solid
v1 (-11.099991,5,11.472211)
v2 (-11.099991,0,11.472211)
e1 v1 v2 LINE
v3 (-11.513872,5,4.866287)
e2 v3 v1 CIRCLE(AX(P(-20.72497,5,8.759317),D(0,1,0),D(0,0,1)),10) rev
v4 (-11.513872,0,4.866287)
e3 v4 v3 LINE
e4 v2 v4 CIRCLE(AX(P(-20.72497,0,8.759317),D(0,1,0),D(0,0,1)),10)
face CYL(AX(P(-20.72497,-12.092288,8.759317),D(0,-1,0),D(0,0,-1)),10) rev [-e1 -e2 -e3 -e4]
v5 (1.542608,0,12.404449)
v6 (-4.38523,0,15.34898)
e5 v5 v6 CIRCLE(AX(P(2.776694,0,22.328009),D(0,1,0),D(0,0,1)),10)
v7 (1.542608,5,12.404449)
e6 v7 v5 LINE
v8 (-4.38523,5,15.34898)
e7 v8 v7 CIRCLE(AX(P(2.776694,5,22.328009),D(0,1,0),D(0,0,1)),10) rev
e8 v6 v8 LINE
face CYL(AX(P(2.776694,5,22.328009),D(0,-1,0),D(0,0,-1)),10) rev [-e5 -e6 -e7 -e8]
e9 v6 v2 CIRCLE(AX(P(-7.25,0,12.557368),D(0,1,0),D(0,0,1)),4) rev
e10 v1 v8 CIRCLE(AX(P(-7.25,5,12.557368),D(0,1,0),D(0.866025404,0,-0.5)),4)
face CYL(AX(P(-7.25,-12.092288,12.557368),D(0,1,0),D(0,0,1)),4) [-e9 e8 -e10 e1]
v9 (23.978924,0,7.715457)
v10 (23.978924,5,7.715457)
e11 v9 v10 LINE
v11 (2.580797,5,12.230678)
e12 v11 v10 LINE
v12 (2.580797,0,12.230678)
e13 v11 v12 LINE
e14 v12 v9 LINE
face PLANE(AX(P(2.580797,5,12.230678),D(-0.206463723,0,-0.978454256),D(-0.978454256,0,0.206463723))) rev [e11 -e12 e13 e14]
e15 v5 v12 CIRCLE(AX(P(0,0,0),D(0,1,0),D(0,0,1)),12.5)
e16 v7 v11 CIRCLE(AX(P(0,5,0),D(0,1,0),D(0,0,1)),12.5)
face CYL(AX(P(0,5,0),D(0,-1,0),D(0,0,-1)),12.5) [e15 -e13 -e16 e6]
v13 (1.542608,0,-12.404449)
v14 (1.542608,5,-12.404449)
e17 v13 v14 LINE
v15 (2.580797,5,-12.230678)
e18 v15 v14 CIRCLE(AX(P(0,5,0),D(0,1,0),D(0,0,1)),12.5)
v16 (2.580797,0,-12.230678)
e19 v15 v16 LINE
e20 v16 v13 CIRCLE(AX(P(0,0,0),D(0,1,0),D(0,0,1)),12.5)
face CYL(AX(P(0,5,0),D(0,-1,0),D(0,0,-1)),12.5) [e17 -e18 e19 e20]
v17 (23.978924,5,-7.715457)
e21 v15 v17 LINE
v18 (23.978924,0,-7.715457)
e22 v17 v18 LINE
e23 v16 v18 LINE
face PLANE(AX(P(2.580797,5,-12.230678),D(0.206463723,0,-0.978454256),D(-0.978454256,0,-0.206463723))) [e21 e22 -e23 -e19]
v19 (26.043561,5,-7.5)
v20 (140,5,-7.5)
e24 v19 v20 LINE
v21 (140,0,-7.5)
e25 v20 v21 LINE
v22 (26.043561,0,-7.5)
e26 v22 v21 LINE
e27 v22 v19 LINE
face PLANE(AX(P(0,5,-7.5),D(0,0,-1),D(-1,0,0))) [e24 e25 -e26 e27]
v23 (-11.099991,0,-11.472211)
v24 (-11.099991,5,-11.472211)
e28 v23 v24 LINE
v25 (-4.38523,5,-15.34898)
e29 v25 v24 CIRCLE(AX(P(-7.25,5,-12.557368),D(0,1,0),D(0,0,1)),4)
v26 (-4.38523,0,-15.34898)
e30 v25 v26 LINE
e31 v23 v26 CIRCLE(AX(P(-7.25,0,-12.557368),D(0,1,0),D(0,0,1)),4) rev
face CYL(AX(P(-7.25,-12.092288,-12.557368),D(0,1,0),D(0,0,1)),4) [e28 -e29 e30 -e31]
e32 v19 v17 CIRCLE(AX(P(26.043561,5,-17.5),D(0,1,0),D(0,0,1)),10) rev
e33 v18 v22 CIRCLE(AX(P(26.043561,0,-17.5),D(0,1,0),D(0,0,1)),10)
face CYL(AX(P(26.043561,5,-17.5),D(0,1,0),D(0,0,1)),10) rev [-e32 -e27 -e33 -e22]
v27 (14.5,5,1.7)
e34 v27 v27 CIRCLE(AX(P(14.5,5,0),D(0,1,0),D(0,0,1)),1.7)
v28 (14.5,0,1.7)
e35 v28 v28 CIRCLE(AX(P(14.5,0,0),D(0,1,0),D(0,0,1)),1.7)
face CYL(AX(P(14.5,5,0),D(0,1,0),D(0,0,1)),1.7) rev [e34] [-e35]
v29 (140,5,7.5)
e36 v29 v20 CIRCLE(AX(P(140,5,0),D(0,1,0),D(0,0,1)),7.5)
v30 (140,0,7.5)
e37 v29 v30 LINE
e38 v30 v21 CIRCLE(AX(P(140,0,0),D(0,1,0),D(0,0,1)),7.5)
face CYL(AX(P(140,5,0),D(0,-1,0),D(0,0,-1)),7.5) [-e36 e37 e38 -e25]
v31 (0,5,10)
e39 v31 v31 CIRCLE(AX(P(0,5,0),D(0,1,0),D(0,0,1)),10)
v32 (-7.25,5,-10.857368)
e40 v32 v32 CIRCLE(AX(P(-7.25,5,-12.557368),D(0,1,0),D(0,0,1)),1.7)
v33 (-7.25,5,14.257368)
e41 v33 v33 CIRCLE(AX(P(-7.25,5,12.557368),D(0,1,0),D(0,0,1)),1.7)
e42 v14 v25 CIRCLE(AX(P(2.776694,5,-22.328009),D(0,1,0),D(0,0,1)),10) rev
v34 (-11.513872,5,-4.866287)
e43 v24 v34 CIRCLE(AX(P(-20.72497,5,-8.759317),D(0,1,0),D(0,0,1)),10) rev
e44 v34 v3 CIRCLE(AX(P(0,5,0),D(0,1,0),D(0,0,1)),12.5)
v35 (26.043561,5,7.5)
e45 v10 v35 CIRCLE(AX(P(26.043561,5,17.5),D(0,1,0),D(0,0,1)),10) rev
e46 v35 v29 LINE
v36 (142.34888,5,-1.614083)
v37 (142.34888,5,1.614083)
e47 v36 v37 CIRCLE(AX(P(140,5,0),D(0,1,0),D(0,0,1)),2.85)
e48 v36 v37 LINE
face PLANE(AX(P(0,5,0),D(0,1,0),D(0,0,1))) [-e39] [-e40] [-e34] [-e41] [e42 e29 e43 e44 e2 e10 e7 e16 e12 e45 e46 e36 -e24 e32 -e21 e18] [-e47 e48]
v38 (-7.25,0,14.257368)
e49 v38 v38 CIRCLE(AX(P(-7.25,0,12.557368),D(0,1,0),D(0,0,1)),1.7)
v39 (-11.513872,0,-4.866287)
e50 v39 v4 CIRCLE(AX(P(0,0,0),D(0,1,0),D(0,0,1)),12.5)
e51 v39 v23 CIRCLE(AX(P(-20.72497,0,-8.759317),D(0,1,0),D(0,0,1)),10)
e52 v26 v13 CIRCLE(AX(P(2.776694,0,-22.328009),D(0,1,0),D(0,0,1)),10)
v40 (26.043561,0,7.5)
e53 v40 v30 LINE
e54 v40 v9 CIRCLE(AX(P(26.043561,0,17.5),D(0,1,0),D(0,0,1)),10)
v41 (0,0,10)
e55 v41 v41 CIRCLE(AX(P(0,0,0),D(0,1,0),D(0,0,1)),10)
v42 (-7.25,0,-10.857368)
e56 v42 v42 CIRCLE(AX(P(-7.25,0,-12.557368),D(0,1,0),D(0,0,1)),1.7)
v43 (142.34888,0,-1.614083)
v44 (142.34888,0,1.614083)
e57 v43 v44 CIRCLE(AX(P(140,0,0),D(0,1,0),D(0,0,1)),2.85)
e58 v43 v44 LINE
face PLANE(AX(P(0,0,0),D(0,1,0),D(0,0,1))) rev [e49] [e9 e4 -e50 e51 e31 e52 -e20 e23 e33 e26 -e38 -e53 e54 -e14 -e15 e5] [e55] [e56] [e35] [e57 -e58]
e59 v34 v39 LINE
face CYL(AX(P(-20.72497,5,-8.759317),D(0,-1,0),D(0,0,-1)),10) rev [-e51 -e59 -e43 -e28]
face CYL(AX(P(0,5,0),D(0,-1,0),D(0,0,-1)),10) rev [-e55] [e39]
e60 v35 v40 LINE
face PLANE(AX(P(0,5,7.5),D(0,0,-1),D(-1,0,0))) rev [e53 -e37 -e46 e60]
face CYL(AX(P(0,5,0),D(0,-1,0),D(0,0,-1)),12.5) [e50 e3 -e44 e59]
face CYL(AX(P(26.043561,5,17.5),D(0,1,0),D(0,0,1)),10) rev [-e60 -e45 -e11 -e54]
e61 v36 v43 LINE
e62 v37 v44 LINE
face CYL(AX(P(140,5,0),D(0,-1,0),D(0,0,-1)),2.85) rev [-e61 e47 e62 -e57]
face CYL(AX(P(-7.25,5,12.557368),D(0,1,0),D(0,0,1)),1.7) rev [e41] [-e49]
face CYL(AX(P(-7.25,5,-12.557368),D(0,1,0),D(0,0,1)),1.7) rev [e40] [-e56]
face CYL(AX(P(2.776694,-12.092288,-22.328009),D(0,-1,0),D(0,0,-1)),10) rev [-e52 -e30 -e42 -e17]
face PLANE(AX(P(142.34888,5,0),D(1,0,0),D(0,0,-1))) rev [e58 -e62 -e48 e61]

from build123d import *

# Parameters (mm, degrees)
SKETCH1_R            = 10
BOSS_EXTRUDE1_DEPTH  = 5
BOSS_EXTRUDE3_DEPTH  = 5
M3_CLEARANCE_HOLE1_D = 3.4
CIRPATTERN1_COUNT    = 3
FILLET1_R            = 10


with BuildPart() as part:
    # Sketch1 → Boss-Extrude1 (new body)
    with BuildSketch(Plane(origin=(0, 0, 0), x_dir=(1, 0, 0), z_dir=(0, 1, 0))):
        with BuildLine():
            Line((25, 7.5), (2.58079654, 12.230678199))
            ThreePointArc((2.58079654, 12.230678199), (-12.5, 0), (2.58079654, -12.230678199))
            Line((2.58079654, -12.230678199), (25, -7.5))
            Line((25, -7.5), (140, -7.5))
            ThreePointArc((140, -7.5), (147.5, 0), (140, 7.5))
            Line((140, 7.5), (25, 7.5))
        make_face()
        with Locations(Location((0, 0, 0), (0, 0, 270))):
            Circle(SKETCH1_R, mode=Mode.SUBTRACT)
        with BuildLine():
            ThreePointArc((142.348879749, -1.614082998), (137.15, 0), (142.348879749, 1.614082998))
            Line((142.348879749, 1.614082998), (142.348879749, -1.614082998))
        make_face(mode=Mode.SUBTRACT)
    extrude(amount=BOSS_EXTRUDE1_DEPTH)

    # Sketch2 → Boss-Extrude3 (add)
    with BuildSketch(Plane(origin=(0, 5, 0), x_dir=(1, 0, 0), z_dir=(0, 1, 0))):
        with BuildLine():
            ThreePointArc((-6.25, 10.825317547), (-4.412013956, 11.695474888), (-2.457258026, 12.256095748))
            Line((-2.457258026, 12.256095748), (-3.785898385, 14.557368355))
            ThreePointArc((-3.785898385, 14.557368355), (-9.25, 16.02146997), (-10.714101615, 10.557368355))
            Line((-10.714101615, 10.557368355), (-9.385461256, 8.256095748))
            ThreePointArc((-9.385461256, 8.256095748), (-7.922571384, 9.668653612), (-6.25, 10.825317547))
        make_face()
    boss_extrude3 = extrude(amount=-BOSS_EXTRUDE3_DEPTH)

    # M3 Clearance Hole1 (through all)
    with Locations(Plane(origin=(0, 5, 0), x_dir=(1, 0, 0), z_dir=(0, 1, 0))):
        with Locations((-7.25, 12.557368355)):
            m3_clearance_hole1 = Hole(M3_CLEARANCE_HOLE1_D / 2)

    # CirPattern1: Boss-Extrude3, M3 Clearance Hole1 ×3 about axis
    cirpattern1_axis = Axis((0, 0, 0), (0, 1, 0))
    add([boss_extrude3.rotate(cirpattern1_axis, i * 360 / CIRPATTERN1_COUNT) for i in range(1, CIRPATTERN1_COUNT)])
    add([m3_clearance_hole1.rotate(cirpattern1_axis, i * 360 / CIRPATTERN1_COUNT) for i in range(1, CIRPATTERN1_COUNT)], mode=Mode.SUBTRACT)

    # Fillet1
    fillet1_edges = [part.edges().sort_by_distance(p)[0] for p in [
        (-2.457258026, 2.5, 12.256095748),
        (-9.385461256, 2.5, 8.256095748),
        (-9.385461256, 2.5, -8.256095748),
        (-2.457258026, 2.5, -12.256095748),
        (25, 2.5, 7.5),
        (25, 2.5, -7.5),
    ]]
    fillet(fillet1_edges, radius=FILLET1_R)


solid = part.part
